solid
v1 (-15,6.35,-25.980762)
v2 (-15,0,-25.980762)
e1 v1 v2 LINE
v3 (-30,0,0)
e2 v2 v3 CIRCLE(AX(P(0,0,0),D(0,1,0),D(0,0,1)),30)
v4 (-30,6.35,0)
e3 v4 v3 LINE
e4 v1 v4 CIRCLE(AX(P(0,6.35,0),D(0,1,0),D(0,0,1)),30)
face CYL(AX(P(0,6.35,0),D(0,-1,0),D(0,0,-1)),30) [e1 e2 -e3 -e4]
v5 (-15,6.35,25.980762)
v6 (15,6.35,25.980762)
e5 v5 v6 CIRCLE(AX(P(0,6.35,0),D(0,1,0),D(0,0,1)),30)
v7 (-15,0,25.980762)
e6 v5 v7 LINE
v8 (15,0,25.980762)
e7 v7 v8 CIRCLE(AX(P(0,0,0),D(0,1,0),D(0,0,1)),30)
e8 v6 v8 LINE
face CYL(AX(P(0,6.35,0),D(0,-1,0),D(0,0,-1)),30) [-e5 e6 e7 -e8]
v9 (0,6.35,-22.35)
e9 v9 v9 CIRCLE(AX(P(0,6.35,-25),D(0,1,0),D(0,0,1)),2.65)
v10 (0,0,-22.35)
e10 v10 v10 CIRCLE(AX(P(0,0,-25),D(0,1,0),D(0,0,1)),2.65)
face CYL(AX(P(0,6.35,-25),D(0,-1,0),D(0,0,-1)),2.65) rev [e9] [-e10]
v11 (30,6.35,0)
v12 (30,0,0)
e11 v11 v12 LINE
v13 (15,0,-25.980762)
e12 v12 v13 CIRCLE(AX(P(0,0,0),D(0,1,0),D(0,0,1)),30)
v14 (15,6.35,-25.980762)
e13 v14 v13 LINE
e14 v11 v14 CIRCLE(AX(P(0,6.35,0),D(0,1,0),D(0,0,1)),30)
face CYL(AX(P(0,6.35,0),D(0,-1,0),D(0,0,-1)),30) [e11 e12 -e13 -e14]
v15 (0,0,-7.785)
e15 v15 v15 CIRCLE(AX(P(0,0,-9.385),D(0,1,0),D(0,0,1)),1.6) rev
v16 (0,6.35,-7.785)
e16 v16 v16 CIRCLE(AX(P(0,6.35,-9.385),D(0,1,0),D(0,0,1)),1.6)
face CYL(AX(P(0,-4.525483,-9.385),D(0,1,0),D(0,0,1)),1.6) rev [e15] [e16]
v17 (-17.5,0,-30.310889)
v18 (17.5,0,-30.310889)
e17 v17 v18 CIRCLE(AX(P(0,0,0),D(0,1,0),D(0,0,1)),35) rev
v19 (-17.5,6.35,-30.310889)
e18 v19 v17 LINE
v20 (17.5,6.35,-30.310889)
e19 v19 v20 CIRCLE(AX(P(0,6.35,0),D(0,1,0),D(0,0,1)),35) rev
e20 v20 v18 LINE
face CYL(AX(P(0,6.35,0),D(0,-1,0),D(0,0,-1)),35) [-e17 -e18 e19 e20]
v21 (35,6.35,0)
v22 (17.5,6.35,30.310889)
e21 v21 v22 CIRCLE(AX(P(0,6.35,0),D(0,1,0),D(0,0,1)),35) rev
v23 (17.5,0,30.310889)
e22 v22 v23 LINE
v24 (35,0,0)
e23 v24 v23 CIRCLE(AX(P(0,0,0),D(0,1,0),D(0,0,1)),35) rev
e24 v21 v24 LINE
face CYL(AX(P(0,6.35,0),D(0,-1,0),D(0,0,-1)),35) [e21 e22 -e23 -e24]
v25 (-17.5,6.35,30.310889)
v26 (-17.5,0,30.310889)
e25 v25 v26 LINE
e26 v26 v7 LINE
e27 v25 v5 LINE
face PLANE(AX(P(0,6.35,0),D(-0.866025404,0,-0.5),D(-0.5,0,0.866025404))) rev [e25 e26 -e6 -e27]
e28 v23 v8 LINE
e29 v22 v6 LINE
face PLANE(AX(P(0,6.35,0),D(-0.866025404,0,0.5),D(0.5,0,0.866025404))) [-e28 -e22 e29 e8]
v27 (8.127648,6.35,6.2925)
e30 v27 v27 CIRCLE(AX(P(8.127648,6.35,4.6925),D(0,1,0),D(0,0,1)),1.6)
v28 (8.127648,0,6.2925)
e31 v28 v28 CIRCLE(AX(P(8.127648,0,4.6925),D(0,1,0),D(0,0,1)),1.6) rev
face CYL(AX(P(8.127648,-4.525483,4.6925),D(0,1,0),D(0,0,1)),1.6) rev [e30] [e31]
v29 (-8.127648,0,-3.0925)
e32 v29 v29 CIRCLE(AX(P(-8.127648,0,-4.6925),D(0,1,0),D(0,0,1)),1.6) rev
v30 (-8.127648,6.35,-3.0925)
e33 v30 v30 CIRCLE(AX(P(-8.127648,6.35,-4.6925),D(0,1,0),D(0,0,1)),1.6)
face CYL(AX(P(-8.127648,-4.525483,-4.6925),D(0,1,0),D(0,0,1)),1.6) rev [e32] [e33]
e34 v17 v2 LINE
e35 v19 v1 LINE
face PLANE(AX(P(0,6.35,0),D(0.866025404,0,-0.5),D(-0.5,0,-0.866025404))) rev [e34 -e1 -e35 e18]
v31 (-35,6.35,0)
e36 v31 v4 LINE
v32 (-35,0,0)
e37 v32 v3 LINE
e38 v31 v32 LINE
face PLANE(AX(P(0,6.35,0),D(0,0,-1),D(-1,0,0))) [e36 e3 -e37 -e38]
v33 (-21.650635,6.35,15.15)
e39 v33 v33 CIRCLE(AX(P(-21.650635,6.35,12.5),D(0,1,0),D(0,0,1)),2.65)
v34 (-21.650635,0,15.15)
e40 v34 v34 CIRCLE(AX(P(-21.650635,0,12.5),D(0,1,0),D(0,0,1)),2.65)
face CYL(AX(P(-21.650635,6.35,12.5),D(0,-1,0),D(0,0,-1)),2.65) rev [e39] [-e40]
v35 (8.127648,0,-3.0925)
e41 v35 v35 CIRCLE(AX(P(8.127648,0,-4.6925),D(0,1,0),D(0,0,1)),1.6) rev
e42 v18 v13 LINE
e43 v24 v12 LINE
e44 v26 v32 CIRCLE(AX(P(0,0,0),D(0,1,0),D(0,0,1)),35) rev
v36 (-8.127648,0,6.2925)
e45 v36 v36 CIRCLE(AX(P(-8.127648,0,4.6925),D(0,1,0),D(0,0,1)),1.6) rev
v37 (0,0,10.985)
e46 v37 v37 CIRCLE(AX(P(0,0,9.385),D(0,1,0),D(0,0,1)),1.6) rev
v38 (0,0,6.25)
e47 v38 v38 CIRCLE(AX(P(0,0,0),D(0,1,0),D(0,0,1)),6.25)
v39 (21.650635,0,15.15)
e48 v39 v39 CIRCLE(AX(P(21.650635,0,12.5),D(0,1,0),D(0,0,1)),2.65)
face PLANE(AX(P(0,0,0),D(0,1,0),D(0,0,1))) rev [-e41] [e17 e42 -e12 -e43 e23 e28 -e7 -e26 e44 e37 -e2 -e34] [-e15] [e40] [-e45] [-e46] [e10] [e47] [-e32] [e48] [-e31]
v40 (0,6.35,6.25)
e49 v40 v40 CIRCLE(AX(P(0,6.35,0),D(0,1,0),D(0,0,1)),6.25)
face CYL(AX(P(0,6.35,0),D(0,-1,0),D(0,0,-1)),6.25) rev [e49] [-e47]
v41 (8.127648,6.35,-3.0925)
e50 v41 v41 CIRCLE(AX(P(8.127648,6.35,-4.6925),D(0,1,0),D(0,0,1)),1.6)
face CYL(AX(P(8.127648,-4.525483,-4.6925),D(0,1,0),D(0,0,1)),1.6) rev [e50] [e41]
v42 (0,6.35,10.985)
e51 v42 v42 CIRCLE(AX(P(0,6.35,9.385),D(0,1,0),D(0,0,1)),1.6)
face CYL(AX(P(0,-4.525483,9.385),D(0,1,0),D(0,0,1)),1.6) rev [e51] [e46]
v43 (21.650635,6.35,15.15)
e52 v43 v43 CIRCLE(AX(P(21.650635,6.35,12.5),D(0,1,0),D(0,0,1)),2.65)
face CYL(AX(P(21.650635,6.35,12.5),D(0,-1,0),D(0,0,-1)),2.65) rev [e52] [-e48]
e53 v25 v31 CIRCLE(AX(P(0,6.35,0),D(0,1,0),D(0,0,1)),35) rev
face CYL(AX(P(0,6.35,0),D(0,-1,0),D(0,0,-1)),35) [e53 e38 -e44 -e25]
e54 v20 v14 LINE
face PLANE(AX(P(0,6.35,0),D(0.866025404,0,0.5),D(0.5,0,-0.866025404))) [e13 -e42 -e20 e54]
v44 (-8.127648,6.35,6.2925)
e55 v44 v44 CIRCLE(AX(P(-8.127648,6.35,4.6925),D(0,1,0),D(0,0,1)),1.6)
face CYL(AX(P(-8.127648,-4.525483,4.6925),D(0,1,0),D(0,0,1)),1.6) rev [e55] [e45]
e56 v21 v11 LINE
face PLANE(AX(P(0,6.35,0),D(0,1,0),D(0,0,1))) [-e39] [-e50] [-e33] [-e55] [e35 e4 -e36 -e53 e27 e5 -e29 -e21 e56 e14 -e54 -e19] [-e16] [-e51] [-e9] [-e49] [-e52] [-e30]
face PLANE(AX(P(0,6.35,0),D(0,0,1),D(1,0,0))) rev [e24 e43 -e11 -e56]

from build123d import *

# Parameters (mm, degrees)
BASEPLATE_SKETCH_R   = 2.65
BASEPLATE_SKETCH_R_2 = 6.25
BOSS_EXTRUDE1_DEPTH  = 6.35
SKETCH3_R            = 1.6
CUT_EXTRUDE2_DEPTH   = 6.35


with BuildPart() as part:
    # Baseplate Sketch → Boss-Extrude1 (new body)
    with BuildSketch(Plane(origin=(0, 0, 0), x_dir=(1, 0, 0), z_dir=(0, 1, 0))):
        with BuildLine():
            ThreePointArc((17.5, 30.310889132), (0, 35), (-17.5, 30.310889132))
            Line((-17.5, 30.310889132), (-15, 25.980762114))
            ThreePointArc((-15, 25.980762114), (-25.980762114, 15), (-30, 0))
            Line((-30, 0), (-35, 0))
            ThreePointArc((-35, 0), (-30.310889132, -17.5), (-17.5, -30.310889132))
            Line((-17.5, -30.310889132), (-15, -25.980762114))
            ThreePointArc((-15, -25.980762114), (0, -30), (15, -25.980762114))
            Line((15, -25.980762114), (17.5, -30.310889132))
            ThreePointArc((17.5, -30.310889132), (30.310889132, -17.5), (35, 0))
            Line((35, 0), (30, 0))
            ThreePointArc((30, 0), (25.980762114, 15), (15, 25.980762114))
            Line((15, 25.980762114), (17.5, 30.310889132))
        make_face()
        with Locations(Location((0, 25, 0), (0, 0, 270))):
            Circle(BASEPLATE_SKETCH_R, mode=Mode.SUBTRACT)
        with Locations(Location((-21.650635095, -12.5, 0), (0, 0, 270))):
            Circle(BASEPLATE_SKETCH_R, mode=Mode.SUBTRACT)
        with Locations(Location((0, 0, 0), (0, 0, 270))):
            Circle(BASEPLATE_SKETCH_R_2, mode=Mode.SUBTRACT)
        with Locations(Location((21.650635095, -12.5, 0), (0, 0, 270))):
            Circle(BASEPLATE_SKETCH_R, mode=Mode.SUBTRACT)
    extrude(amount=BOSS_EXTRUDE1_DEPTH)

    # Sketch3 → Cut-Extrude2 (cut)
    with BuildSketch(Plane(origin=(0, 6.35, 0), x_dir=(1, 0, 0), z_dir=(0, 1, 0))):
        with Locations(Location((-8.127648415, -4.6925, 0), (0, 0, 270))):
            Circle(SKETCH3_R)
        with Locations(Location((0, -9.385, 0), (0, 0, 270))):
            Circle(SKETCH3_R)
        with Locations(Location((-8.127648415, 4.6925, 0), (0, 0, 270))):
            Circle(SKETCH3_R)
        with Locations(Location((0, 9.385, 0), (0, 0, 270))):
            Circle(SKETCH3_R)
        with Locations(Location((8.127648415, 4.6925, 0), (0, 0, 270))):
            Circle(SKETCH3_R)
        with Locations(Location((8.127648415, -4.6925, 0), (0, 0, 270))):
            Circle(SKETCH3_R)
    extrude(amount=-CUT_EXTRUDE2_DEPTH, mode=Mode.SUBTRACT)


solid = part.part
